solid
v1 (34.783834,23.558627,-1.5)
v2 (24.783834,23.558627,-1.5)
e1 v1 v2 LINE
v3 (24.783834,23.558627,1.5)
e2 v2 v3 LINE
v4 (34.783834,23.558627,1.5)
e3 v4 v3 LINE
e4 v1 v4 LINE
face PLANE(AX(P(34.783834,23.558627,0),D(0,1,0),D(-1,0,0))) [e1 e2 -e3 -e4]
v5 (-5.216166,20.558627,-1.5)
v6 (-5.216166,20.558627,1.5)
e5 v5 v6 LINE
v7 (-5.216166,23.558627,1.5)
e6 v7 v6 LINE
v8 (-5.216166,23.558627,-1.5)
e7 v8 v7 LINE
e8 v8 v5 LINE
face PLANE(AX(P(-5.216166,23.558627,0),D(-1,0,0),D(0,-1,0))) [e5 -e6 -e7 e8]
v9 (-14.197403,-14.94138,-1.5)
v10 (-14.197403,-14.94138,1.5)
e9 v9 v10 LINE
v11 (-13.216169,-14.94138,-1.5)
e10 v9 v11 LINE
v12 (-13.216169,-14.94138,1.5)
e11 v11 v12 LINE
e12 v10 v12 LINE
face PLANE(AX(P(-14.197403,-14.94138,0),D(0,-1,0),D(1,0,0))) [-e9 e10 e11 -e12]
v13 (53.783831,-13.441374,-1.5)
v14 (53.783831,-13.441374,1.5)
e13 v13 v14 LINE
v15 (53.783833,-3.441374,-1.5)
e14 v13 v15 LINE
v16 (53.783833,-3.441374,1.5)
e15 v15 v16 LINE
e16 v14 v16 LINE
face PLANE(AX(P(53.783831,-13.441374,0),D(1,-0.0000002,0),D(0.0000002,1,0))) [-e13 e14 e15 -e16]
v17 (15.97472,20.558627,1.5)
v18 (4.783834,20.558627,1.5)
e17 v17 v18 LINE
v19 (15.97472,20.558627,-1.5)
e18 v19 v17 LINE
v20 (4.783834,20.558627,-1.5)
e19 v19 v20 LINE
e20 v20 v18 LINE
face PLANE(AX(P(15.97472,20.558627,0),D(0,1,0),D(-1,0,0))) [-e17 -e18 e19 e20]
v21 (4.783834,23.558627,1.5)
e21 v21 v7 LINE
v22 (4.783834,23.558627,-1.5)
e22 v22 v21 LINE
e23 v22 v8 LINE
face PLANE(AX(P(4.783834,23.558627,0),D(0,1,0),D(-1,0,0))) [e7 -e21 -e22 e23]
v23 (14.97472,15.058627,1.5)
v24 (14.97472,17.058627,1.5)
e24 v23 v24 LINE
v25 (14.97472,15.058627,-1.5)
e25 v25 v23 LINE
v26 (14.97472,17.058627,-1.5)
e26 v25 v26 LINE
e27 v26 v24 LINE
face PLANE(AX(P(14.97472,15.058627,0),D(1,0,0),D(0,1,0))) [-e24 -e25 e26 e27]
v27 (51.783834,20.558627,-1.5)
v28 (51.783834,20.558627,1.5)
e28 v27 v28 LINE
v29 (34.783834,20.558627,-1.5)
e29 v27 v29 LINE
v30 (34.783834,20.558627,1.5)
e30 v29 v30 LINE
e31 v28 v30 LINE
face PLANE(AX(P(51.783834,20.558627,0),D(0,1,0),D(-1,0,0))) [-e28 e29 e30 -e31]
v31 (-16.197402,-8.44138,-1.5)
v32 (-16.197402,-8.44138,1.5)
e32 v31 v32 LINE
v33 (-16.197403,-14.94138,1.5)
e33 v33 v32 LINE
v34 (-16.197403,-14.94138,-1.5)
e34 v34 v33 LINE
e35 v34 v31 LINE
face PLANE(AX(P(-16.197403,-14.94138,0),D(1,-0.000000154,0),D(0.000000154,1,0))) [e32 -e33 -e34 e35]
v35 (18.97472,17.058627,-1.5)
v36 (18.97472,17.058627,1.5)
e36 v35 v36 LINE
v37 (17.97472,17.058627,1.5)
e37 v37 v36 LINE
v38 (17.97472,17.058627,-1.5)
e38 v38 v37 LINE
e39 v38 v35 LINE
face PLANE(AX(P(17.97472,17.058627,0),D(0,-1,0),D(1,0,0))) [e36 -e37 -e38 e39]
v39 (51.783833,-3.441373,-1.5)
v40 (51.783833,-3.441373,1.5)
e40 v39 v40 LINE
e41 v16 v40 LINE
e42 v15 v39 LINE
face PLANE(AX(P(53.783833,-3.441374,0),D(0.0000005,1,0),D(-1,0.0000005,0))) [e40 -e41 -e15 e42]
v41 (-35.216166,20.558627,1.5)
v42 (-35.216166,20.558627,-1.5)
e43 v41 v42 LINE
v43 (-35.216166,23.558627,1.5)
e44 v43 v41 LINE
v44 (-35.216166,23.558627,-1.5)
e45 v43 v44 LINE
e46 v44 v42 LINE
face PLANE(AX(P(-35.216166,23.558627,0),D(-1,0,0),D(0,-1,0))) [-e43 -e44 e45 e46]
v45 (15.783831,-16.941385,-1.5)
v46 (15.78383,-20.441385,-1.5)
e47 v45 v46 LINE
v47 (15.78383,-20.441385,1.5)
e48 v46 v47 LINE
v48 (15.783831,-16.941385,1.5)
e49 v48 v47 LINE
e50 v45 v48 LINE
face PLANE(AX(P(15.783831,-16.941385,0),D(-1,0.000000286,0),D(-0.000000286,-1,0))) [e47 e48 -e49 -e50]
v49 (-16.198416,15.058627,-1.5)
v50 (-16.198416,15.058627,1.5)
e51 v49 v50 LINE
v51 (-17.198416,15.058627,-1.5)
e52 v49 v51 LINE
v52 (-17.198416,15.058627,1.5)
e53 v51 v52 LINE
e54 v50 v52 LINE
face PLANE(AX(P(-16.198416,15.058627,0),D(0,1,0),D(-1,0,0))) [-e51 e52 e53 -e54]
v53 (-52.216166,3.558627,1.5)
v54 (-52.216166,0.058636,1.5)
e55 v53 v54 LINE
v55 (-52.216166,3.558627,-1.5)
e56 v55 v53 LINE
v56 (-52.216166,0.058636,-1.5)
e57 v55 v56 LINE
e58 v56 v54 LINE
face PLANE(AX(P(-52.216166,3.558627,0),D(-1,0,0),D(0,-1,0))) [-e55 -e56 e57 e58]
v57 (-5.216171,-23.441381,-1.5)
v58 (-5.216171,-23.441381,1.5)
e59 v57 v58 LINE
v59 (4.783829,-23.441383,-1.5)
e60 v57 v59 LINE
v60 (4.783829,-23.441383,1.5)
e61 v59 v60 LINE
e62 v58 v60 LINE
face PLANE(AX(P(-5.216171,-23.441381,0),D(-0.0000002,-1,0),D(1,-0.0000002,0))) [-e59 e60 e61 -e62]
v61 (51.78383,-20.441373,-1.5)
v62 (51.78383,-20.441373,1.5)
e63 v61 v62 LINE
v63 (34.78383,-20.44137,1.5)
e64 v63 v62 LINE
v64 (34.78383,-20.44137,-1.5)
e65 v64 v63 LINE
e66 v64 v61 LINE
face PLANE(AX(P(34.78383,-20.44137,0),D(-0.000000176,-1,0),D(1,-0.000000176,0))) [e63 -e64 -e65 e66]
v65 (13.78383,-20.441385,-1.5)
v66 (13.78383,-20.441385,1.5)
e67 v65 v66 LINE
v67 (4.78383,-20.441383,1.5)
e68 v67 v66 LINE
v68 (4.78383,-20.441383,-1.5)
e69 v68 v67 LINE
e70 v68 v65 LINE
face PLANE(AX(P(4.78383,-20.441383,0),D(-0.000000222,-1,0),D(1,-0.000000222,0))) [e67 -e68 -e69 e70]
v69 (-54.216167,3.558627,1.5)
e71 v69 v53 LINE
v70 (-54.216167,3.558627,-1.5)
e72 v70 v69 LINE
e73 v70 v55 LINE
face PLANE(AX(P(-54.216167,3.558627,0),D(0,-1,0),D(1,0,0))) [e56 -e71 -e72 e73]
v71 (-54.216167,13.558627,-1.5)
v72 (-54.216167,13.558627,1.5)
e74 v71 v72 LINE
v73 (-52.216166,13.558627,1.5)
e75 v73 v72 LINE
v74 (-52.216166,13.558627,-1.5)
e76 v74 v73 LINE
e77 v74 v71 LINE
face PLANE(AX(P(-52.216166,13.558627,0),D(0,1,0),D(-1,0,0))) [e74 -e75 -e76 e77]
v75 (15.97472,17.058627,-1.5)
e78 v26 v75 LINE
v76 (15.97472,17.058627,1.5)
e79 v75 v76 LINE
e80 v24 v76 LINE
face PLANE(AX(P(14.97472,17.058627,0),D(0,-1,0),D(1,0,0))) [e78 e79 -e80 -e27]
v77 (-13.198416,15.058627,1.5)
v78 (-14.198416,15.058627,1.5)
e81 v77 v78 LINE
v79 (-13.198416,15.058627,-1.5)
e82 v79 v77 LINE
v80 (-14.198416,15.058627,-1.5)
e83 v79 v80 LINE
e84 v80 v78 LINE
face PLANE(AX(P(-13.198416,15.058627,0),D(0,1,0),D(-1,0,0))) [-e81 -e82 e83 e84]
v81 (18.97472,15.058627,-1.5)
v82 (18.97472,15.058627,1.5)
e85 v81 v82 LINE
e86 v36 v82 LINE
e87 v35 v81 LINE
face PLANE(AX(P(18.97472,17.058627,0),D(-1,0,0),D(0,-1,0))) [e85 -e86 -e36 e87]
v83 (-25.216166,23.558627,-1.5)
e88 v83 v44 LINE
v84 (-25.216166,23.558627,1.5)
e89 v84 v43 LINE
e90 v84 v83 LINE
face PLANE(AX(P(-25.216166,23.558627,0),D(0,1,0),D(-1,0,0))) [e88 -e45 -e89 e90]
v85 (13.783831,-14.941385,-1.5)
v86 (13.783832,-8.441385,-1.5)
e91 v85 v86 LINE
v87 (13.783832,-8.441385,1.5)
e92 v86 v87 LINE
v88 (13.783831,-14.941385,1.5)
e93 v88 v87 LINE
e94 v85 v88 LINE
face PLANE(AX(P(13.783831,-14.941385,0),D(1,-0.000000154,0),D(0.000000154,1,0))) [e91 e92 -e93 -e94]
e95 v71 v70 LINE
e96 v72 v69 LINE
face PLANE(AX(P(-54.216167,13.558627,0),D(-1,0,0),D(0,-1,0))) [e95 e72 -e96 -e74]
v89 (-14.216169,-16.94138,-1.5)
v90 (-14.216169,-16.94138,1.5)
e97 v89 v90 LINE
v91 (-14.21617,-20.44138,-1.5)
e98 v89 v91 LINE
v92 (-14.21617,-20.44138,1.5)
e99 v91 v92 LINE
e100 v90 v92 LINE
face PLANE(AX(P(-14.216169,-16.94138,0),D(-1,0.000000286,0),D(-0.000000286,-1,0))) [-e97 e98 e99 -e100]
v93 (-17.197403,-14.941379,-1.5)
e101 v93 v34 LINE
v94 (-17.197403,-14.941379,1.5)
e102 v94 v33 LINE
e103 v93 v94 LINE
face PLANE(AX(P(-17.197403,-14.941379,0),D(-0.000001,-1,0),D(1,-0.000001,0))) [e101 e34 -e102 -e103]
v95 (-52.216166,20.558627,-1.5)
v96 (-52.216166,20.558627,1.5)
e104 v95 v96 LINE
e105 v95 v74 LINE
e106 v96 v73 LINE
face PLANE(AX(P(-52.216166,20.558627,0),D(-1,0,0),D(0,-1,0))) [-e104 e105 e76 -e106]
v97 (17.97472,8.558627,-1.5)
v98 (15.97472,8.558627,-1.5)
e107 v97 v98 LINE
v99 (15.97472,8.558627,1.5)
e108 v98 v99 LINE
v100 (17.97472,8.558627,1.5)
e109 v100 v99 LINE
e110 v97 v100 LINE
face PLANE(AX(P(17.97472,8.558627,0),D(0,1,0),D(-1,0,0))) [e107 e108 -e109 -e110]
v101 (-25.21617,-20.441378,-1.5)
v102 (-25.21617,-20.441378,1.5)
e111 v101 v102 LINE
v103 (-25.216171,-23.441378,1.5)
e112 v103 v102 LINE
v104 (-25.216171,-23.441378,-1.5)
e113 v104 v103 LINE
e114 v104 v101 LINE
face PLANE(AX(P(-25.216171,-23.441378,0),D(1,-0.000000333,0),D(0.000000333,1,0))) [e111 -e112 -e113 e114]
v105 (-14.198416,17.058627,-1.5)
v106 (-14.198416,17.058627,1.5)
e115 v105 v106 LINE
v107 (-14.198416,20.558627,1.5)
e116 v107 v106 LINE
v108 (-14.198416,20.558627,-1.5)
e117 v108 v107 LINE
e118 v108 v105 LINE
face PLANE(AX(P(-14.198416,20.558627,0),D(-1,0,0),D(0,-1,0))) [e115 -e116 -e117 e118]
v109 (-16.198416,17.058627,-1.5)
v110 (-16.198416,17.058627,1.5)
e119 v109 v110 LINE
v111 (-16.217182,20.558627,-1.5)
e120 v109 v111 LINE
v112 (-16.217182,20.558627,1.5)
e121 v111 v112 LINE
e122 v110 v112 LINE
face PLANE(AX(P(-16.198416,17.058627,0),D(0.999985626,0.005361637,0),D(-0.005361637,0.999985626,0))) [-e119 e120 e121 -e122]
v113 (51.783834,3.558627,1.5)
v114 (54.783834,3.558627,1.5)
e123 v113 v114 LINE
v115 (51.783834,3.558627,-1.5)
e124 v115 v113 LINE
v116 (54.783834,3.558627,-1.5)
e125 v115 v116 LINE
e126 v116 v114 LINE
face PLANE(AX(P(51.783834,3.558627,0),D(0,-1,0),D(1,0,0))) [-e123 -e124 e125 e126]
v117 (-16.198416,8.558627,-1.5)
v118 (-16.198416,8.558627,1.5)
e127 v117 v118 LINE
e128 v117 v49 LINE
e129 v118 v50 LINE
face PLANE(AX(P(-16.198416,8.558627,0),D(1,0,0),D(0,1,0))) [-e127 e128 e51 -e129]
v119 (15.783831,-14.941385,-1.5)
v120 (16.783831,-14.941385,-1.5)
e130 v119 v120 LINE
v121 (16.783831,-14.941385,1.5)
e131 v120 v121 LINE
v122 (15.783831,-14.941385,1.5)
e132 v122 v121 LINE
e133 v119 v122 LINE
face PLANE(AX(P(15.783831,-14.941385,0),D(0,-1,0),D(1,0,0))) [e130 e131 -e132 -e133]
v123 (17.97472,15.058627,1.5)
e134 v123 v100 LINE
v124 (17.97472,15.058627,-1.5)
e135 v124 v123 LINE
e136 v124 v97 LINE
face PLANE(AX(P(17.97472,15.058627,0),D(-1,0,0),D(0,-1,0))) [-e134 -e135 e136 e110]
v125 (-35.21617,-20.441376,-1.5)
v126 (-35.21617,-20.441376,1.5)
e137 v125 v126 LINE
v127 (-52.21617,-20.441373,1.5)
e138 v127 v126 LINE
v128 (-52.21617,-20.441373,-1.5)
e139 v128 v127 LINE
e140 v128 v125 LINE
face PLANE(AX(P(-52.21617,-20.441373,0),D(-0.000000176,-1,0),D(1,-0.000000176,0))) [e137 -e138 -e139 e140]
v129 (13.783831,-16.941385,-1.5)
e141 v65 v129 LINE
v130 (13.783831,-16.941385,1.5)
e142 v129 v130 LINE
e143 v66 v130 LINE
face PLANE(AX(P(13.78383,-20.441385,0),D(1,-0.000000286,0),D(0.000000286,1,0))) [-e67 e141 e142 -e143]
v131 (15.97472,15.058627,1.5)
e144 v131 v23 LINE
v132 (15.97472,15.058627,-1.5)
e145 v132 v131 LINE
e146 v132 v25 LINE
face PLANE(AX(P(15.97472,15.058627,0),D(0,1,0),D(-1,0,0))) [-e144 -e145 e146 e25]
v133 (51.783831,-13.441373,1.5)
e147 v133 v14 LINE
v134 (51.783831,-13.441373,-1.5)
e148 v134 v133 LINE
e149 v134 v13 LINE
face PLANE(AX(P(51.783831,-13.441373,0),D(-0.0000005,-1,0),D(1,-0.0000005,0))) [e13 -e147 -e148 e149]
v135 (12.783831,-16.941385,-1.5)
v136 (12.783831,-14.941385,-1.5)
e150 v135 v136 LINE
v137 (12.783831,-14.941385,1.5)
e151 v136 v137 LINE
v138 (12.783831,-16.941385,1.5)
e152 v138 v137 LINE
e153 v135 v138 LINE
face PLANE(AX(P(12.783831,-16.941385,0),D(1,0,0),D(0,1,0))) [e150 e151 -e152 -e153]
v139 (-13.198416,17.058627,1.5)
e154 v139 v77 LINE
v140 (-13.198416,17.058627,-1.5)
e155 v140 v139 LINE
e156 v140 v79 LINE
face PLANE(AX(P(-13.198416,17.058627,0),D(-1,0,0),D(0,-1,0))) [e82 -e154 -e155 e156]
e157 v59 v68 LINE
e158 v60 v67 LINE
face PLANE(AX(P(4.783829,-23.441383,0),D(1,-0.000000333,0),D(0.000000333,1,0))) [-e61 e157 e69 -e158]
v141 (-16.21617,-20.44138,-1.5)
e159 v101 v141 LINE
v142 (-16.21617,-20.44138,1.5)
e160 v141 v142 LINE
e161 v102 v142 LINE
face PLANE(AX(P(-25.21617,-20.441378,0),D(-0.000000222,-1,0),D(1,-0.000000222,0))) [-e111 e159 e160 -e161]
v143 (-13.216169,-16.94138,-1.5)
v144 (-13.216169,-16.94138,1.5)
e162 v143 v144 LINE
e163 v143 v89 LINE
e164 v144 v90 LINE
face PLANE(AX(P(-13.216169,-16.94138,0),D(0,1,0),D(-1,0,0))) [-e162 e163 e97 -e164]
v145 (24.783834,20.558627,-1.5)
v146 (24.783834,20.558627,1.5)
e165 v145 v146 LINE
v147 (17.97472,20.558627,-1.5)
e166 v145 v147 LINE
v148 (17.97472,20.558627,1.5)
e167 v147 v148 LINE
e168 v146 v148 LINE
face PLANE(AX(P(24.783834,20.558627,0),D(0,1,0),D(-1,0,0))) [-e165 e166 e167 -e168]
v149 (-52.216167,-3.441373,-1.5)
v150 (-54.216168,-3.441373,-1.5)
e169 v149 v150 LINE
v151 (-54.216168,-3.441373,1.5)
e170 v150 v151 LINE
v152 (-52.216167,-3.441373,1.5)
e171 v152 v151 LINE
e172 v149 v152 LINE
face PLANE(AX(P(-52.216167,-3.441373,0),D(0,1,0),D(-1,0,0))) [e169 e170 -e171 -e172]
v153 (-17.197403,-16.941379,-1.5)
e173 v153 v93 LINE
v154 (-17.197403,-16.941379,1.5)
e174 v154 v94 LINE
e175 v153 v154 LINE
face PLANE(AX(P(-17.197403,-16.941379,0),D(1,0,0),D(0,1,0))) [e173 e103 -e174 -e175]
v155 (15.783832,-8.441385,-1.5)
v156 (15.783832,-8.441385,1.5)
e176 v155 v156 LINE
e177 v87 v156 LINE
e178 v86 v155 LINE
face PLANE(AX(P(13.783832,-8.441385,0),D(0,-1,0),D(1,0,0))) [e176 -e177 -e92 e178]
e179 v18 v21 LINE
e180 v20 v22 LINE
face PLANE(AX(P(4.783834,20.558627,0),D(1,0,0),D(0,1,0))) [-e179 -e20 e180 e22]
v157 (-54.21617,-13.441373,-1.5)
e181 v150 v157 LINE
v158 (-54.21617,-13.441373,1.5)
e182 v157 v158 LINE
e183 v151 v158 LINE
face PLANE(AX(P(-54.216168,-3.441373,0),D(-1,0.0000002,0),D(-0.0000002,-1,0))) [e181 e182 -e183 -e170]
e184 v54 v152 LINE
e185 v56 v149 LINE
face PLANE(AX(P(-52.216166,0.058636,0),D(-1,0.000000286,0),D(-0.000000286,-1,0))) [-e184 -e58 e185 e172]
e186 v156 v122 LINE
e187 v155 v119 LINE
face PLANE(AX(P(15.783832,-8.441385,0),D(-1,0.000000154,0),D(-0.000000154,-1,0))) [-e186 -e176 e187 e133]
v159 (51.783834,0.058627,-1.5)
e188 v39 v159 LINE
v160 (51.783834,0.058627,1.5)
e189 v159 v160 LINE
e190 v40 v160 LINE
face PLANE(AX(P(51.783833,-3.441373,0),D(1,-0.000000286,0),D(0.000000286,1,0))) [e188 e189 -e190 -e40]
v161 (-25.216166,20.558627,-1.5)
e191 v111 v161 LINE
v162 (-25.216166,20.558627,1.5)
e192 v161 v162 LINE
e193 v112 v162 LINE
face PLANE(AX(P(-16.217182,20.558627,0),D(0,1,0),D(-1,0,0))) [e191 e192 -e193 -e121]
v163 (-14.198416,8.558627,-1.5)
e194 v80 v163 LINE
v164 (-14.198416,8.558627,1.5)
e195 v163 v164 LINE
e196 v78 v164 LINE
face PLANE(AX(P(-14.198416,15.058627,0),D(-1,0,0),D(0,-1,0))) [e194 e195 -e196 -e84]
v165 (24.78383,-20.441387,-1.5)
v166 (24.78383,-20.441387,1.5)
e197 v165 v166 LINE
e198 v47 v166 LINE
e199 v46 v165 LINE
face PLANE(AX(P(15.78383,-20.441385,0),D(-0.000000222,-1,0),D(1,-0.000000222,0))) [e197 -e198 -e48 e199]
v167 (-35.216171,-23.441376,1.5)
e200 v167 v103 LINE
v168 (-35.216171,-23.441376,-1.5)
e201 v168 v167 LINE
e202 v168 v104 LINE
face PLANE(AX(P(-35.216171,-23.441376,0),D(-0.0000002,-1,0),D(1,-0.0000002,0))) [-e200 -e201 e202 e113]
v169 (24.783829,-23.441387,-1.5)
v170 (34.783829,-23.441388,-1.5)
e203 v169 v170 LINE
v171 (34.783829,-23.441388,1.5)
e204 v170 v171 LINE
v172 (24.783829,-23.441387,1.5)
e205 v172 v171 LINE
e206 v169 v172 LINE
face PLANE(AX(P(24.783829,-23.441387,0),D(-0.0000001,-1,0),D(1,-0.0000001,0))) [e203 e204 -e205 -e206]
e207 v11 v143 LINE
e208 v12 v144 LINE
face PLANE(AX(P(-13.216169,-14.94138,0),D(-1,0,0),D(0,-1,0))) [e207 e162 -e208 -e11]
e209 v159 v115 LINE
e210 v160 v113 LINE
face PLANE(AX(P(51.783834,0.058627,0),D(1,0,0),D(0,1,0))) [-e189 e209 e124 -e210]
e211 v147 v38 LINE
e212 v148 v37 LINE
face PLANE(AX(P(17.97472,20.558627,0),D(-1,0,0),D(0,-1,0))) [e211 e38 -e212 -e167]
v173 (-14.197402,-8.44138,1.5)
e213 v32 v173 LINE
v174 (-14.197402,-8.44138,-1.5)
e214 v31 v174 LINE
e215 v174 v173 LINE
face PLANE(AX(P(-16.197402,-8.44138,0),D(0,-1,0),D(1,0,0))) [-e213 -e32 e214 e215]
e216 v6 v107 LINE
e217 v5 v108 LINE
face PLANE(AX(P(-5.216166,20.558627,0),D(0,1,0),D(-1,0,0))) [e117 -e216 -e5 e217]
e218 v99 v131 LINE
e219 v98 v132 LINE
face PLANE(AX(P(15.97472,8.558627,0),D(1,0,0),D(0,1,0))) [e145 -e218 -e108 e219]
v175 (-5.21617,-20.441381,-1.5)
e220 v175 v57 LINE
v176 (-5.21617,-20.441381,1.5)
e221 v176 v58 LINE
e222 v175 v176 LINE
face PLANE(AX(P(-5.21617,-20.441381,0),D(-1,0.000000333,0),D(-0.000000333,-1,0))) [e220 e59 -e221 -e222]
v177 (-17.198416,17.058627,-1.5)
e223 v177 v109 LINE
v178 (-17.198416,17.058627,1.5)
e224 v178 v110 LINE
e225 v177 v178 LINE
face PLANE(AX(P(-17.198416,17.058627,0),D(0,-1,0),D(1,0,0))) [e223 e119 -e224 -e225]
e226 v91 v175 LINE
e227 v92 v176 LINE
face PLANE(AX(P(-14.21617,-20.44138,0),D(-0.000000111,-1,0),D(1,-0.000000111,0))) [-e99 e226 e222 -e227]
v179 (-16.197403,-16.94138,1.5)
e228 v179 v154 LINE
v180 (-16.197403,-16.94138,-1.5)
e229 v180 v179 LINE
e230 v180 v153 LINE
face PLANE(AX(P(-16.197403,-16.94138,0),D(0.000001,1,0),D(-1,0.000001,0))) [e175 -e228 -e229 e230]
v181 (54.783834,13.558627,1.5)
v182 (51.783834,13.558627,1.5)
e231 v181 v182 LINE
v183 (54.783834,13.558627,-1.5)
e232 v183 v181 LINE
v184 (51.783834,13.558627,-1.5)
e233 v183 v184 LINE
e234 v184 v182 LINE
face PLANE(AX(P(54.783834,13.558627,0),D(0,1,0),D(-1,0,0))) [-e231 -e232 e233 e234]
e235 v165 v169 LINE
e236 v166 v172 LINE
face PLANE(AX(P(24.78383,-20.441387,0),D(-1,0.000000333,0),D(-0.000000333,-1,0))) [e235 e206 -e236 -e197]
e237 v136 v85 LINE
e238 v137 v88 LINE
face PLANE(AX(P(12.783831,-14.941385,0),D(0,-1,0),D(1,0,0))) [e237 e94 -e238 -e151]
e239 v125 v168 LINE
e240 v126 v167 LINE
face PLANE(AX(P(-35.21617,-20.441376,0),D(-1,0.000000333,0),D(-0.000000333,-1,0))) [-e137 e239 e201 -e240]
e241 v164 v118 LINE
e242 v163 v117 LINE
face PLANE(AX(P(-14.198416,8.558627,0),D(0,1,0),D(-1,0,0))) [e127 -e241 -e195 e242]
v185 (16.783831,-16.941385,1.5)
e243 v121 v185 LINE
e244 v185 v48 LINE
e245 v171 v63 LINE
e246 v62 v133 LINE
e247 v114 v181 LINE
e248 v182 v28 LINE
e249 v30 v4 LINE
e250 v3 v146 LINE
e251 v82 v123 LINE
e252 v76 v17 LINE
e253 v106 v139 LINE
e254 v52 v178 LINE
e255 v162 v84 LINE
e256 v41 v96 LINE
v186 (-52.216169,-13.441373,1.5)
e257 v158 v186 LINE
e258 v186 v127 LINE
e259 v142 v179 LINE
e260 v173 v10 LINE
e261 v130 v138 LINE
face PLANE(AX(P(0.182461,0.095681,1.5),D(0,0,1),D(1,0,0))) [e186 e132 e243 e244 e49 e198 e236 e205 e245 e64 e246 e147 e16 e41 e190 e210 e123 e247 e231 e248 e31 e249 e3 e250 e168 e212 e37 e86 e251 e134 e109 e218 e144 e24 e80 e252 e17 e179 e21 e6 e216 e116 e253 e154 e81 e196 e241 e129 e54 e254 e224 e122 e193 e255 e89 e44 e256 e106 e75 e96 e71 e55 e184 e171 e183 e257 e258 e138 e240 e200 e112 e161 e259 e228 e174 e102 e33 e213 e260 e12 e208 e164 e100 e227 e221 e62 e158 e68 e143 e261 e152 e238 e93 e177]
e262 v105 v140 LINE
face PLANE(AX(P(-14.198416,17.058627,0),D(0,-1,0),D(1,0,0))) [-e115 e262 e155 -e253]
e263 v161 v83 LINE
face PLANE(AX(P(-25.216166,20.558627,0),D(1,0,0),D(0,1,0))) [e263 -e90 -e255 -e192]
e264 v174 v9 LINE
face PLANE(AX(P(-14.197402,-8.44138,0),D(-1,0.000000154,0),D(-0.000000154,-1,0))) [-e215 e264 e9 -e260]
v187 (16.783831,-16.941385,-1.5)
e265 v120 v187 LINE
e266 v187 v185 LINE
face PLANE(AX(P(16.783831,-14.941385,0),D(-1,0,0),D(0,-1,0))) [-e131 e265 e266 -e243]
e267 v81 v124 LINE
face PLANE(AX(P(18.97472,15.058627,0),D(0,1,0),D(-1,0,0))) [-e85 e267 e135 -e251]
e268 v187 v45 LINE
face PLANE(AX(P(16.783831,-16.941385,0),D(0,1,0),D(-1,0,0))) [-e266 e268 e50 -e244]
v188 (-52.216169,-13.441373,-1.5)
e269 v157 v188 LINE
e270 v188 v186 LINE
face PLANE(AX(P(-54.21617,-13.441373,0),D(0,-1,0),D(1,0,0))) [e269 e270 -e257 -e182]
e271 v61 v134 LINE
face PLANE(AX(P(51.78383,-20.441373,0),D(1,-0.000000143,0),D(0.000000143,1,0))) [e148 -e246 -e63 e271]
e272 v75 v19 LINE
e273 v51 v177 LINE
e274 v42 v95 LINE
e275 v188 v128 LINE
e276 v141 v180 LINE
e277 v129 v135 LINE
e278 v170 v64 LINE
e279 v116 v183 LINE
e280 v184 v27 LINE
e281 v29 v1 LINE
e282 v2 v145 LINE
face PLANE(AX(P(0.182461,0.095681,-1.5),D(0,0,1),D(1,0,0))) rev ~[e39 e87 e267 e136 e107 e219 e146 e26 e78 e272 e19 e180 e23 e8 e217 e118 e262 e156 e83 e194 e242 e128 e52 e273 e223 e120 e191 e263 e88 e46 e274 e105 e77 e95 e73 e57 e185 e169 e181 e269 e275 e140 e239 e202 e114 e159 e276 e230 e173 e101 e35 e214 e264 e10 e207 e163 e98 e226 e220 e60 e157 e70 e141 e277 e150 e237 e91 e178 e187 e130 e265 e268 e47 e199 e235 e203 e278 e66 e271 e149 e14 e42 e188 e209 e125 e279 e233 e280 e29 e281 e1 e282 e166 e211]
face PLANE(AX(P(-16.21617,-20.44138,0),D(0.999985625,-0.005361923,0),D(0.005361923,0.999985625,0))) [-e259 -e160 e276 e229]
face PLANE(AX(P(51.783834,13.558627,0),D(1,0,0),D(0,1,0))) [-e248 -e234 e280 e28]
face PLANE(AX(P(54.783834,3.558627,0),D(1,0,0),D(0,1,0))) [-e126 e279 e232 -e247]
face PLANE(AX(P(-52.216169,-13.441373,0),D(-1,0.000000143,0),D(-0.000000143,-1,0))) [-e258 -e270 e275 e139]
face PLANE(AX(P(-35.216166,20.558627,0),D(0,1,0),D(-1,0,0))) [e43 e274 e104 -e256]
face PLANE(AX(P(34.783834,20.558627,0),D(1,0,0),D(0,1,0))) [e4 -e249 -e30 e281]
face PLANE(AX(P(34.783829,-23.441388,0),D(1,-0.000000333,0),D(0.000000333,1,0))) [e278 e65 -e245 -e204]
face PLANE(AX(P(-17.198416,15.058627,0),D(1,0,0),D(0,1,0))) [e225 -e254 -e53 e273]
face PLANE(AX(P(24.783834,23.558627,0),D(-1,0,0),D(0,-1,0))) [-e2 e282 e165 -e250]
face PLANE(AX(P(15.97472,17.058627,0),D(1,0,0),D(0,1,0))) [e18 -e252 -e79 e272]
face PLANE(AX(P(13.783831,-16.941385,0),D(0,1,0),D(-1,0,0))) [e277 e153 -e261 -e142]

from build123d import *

# Parameters (mm, degrees)
F1_DEPTH = 1.5


with BuildPart() as f1:
    # F0 (on Top) → F1 (new body, symmetric)
    with BuildSketch(Plane.XY):
        Polygon((-35.216166, 20.558627), (-52.216166, 20.558627), (-52.216166, 13.558627), (-54.216167, 13.558627), (-54.216167, 3.558627), (-52.216166, 3.558627), (-52.216166, 0.117234), (-52.216166, 0.058636), (-52.216167, -3.441373), (-54.216168, -3.441373), (-54.21617, -13.441373), (-52.216169, -13.441373), (-52.21617, -20.441373), (-35.21617, -20.441376), (-35.216171, -23.441376), (-25.216171, -23.441378), (-25.21617, -20.441378), (-16.21617, -20.44138), (-16.197403, -16.94138), (-17.197403, -16.941379), (-17.197403, -14.941379), (-16.197403, -14.94138), (-16.197402, -8.44138), (-14.197402, -8.44138), (-14.197403, -14.94138), (-13.216169, -14.94138), (-13.216169, -16.94138), (-14.216169, -16.94138), (-14.21617, -20.44138), (-5.21617, -20.441381), (-5.216171, -23.441381), (4.783829, -23.441383), (4.78383, -20.441383), (13.78383, -20.441385), (13.783831, -16.941385), (12.783831, -16.941385), (12.783831, -14.941385), (13.783831, -14.941385), (13.783832, -8.441385), (15.783832, -8.441385), (15.783831, -14.941385), (16.783831, -14.941385), (16.783831, -16.941385), (15.783831, -16.941385), (15.78383, -20.441385), (24.78383, -20.441387), (24.783829, -23.441387), (34.783829, -23.441388), (34.78383, -20.44137), (51.78383, -20.441373), (51.783831, -13.441373), (53.783831, -13.441374), (53.783833, -3.441374), (51.783833, -3.441373), (51.783834, 0.058627), (51.783834, 3.558627), (54.783834, 3.558627), (54.783834, 13.558627), (51.783834, 13.558627), (51.783834, 20.558627), (34.783834, 20.558627), (34.783834, 23.558627), (24.783834, 23.558627), (24.783834, 20.558627), (17.97472, 20.558627), (17.97472, 17.058627), (18.97472, 17.058627), (18.97472, 15.058627), (17.97472, 15.058627), (17.97472, 8.558627), (15.97472, 8.558627), (15.97472, 15.058627), (14.97472, 15.058627), (14.97472, 17.058627), (15.97472, 17.058627), (15.97472, 20.558627), (4.783834, 20.558627), (4.783834, 23.558627), (-5.216166, 23.558627), (-5.216166, 20.558627), (-14.198416, 20.558627), (-14.198416, 17.058627), (-13.198416, 17.058627), (-13.198416, 15.058627), (-14.198416, 15.058627), (-14.198416, 8.558627), (-16.198416, 8.558627), (-16.198416, 15.058627), (-17.198416, 15.058627), (-17.198416, 17.058627), (-16.198416, 17.058627), (-16.217182, 20.558627), (-25.216166, 20.558627), (-25.216166, 23.558627), (-35.216166, 23.558627), align=None)
    extrude(amount=F1_DEPTH, both=True)


solid = f1.part
